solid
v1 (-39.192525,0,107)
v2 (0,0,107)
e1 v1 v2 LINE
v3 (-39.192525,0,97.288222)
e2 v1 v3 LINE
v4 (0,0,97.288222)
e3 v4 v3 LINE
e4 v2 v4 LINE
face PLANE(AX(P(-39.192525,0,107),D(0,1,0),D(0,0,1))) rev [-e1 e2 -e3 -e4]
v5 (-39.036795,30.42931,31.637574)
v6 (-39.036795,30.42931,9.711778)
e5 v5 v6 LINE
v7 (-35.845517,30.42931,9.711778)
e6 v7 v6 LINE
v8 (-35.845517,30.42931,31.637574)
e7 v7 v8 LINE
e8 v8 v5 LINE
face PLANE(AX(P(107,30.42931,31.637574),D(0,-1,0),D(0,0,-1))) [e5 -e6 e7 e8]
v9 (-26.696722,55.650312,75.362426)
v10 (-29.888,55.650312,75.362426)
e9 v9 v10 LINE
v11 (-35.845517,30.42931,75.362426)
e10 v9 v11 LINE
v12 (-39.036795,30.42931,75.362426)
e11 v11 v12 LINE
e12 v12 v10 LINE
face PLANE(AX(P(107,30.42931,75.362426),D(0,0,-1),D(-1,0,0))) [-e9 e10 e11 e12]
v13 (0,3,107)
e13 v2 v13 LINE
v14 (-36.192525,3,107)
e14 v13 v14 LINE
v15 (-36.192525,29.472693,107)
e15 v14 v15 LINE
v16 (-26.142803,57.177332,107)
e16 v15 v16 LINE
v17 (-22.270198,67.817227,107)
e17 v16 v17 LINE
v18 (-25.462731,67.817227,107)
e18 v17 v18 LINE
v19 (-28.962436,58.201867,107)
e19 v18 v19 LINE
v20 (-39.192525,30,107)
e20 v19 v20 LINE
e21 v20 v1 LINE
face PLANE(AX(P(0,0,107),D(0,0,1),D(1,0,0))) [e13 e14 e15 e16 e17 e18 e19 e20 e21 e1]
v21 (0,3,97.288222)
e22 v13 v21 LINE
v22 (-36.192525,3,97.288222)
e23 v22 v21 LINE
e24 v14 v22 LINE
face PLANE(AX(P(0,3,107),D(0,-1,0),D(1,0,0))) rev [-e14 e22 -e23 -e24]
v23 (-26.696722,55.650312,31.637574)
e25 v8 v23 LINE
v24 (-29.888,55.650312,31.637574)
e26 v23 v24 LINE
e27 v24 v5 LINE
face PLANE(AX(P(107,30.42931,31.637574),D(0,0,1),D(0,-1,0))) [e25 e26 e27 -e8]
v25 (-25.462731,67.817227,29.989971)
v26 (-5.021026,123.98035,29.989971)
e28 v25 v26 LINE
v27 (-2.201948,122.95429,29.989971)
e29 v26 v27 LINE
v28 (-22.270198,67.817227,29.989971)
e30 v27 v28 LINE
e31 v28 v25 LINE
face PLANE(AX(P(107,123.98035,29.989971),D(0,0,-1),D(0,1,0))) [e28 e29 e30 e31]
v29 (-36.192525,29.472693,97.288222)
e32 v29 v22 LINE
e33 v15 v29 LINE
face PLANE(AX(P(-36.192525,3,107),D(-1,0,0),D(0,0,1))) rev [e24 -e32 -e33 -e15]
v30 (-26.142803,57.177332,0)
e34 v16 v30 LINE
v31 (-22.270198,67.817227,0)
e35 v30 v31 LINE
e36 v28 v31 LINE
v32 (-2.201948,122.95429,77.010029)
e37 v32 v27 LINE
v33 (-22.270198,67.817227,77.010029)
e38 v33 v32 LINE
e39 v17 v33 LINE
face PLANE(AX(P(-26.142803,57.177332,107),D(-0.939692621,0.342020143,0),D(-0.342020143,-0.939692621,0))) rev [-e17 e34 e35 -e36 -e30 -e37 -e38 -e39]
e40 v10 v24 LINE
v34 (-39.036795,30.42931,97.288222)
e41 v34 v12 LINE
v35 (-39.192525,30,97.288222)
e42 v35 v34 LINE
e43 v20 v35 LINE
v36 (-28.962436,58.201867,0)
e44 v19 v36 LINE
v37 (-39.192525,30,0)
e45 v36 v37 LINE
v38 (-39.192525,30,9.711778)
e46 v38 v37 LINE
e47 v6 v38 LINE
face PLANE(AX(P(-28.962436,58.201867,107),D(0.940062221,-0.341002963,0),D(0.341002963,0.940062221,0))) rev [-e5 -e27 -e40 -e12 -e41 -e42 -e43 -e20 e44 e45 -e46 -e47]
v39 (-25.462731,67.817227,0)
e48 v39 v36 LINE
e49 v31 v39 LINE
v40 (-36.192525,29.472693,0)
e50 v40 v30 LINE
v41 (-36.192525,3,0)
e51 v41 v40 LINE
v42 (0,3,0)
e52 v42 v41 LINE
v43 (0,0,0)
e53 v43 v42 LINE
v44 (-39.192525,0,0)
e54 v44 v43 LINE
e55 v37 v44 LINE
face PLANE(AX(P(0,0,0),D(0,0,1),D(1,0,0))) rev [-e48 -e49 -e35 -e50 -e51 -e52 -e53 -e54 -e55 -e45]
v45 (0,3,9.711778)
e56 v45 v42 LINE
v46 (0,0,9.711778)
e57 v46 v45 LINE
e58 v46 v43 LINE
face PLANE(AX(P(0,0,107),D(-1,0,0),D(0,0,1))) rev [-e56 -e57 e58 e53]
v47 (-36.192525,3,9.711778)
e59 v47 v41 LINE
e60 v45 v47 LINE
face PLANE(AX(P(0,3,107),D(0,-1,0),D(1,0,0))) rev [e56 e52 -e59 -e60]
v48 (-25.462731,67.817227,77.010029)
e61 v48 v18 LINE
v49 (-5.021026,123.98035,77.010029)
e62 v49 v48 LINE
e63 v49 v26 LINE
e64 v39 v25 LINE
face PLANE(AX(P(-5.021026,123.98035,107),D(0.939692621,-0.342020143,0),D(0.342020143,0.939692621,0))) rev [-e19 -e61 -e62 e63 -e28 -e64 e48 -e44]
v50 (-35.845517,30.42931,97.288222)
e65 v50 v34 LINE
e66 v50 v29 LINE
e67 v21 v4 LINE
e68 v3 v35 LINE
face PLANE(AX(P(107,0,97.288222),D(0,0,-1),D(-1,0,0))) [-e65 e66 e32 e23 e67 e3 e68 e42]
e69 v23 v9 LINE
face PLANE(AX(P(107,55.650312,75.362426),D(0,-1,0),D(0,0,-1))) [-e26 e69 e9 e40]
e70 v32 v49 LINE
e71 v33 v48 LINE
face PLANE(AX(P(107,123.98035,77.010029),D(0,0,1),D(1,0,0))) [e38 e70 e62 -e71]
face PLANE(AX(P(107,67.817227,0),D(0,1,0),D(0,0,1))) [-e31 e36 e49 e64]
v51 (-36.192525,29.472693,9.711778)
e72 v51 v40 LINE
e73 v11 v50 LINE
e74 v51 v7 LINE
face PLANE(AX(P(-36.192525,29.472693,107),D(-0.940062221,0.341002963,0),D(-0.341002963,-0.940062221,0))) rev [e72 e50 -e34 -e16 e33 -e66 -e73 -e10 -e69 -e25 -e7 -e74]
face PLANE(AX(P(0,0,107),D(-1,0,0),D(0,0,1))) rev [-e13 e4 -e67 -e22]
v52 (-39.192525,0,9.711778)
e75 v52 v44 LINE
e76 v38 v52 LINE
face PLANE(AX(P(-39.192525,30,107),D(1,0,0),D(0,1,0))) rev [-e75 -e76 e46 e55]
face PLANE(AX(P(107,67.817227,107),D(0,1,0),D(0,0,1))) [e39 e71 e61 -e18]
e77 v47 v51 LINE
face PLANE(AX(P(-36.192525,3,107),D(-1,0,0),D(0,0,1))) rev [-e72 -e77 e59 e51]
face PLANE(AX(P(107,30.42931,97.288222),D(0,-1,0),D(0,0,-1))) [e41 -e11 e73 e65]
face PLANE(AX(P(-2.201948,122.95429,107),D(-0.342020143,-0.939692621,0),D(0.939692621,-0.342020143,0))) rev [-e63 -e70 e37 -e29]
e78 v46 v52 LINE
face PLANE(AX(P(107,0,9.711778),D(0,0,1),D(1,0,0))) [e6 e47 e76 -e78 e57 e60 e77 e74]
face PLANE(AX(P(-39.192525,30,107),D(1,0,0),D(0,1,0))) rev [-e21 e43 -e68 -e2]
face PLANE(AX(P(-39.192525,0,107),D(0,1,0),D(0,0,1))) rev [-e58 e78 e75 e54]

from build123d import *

# Parameters (mm, degrees)
BOSS_EXTRUDE1_DEPTH     = 107
CUT_EXTRUDE1_DEPTH      = 107
CUT_EXTRUDE1_DEPTH_BACK = 107
SKETCH2_W               = 29.989970731
SKETCH2_H               = 56.163122667


with BuildPart() as part:
    # Sketch1 → Boss-Extrude1 (new body)
    with BuildSketch(Plane.XY):
        Polygon((0, 0), (0, 3), (-36.192525263, 3), (-36.192525263, 29.472692743), (-26.142803298, 57.177331674), (-2.201948491, 122.954289658), (-5.021026354, 123.980350088), (-28.962436386, 58.201866633), (-39.192525263, 30), (-39.192525263, 0), align=None)
    extrude(amount=BOSS_EXTRUDE1_DEPTH)

    # Sketch2 → Cut-Extrude1 (cut, two sides: drawn at the far end of the back side and taken through both)
    with BuildSketch(Plane(origin=(0, 0, 0), x_dir=(0, 0, -1), z_dir=(1, 0, 0)).offset(-CUT_EXTRUDE1_DEPTH_BACK)):
        Polygon((-97.288221631, 0), (-97.288221631, 30.429310254), (-75.36242614, 30.429310254), (-75.36242614, 55.650312004), (-31.63757386, 55.650312004), (-31.63757386, 30.429310254), (-9.711778369, 30.429310254), (-9.711778369, 0), align=None)
        with Locations((-92.005014635, 95.898788755)):
            Rectangle(SKETCH2_W, SKETCH2_H)
        with Locations((-14.994985366, 95.898788755)):
            Rectangle(SKETCH2_W, SKETCH2_H)
    extrude(amount=CUT_EXTRUDE1_DEPTH + CUT_EXTRUDE1_DEPTH_BACK, mode=Mode.SUBTRACT)


solid = part.part
